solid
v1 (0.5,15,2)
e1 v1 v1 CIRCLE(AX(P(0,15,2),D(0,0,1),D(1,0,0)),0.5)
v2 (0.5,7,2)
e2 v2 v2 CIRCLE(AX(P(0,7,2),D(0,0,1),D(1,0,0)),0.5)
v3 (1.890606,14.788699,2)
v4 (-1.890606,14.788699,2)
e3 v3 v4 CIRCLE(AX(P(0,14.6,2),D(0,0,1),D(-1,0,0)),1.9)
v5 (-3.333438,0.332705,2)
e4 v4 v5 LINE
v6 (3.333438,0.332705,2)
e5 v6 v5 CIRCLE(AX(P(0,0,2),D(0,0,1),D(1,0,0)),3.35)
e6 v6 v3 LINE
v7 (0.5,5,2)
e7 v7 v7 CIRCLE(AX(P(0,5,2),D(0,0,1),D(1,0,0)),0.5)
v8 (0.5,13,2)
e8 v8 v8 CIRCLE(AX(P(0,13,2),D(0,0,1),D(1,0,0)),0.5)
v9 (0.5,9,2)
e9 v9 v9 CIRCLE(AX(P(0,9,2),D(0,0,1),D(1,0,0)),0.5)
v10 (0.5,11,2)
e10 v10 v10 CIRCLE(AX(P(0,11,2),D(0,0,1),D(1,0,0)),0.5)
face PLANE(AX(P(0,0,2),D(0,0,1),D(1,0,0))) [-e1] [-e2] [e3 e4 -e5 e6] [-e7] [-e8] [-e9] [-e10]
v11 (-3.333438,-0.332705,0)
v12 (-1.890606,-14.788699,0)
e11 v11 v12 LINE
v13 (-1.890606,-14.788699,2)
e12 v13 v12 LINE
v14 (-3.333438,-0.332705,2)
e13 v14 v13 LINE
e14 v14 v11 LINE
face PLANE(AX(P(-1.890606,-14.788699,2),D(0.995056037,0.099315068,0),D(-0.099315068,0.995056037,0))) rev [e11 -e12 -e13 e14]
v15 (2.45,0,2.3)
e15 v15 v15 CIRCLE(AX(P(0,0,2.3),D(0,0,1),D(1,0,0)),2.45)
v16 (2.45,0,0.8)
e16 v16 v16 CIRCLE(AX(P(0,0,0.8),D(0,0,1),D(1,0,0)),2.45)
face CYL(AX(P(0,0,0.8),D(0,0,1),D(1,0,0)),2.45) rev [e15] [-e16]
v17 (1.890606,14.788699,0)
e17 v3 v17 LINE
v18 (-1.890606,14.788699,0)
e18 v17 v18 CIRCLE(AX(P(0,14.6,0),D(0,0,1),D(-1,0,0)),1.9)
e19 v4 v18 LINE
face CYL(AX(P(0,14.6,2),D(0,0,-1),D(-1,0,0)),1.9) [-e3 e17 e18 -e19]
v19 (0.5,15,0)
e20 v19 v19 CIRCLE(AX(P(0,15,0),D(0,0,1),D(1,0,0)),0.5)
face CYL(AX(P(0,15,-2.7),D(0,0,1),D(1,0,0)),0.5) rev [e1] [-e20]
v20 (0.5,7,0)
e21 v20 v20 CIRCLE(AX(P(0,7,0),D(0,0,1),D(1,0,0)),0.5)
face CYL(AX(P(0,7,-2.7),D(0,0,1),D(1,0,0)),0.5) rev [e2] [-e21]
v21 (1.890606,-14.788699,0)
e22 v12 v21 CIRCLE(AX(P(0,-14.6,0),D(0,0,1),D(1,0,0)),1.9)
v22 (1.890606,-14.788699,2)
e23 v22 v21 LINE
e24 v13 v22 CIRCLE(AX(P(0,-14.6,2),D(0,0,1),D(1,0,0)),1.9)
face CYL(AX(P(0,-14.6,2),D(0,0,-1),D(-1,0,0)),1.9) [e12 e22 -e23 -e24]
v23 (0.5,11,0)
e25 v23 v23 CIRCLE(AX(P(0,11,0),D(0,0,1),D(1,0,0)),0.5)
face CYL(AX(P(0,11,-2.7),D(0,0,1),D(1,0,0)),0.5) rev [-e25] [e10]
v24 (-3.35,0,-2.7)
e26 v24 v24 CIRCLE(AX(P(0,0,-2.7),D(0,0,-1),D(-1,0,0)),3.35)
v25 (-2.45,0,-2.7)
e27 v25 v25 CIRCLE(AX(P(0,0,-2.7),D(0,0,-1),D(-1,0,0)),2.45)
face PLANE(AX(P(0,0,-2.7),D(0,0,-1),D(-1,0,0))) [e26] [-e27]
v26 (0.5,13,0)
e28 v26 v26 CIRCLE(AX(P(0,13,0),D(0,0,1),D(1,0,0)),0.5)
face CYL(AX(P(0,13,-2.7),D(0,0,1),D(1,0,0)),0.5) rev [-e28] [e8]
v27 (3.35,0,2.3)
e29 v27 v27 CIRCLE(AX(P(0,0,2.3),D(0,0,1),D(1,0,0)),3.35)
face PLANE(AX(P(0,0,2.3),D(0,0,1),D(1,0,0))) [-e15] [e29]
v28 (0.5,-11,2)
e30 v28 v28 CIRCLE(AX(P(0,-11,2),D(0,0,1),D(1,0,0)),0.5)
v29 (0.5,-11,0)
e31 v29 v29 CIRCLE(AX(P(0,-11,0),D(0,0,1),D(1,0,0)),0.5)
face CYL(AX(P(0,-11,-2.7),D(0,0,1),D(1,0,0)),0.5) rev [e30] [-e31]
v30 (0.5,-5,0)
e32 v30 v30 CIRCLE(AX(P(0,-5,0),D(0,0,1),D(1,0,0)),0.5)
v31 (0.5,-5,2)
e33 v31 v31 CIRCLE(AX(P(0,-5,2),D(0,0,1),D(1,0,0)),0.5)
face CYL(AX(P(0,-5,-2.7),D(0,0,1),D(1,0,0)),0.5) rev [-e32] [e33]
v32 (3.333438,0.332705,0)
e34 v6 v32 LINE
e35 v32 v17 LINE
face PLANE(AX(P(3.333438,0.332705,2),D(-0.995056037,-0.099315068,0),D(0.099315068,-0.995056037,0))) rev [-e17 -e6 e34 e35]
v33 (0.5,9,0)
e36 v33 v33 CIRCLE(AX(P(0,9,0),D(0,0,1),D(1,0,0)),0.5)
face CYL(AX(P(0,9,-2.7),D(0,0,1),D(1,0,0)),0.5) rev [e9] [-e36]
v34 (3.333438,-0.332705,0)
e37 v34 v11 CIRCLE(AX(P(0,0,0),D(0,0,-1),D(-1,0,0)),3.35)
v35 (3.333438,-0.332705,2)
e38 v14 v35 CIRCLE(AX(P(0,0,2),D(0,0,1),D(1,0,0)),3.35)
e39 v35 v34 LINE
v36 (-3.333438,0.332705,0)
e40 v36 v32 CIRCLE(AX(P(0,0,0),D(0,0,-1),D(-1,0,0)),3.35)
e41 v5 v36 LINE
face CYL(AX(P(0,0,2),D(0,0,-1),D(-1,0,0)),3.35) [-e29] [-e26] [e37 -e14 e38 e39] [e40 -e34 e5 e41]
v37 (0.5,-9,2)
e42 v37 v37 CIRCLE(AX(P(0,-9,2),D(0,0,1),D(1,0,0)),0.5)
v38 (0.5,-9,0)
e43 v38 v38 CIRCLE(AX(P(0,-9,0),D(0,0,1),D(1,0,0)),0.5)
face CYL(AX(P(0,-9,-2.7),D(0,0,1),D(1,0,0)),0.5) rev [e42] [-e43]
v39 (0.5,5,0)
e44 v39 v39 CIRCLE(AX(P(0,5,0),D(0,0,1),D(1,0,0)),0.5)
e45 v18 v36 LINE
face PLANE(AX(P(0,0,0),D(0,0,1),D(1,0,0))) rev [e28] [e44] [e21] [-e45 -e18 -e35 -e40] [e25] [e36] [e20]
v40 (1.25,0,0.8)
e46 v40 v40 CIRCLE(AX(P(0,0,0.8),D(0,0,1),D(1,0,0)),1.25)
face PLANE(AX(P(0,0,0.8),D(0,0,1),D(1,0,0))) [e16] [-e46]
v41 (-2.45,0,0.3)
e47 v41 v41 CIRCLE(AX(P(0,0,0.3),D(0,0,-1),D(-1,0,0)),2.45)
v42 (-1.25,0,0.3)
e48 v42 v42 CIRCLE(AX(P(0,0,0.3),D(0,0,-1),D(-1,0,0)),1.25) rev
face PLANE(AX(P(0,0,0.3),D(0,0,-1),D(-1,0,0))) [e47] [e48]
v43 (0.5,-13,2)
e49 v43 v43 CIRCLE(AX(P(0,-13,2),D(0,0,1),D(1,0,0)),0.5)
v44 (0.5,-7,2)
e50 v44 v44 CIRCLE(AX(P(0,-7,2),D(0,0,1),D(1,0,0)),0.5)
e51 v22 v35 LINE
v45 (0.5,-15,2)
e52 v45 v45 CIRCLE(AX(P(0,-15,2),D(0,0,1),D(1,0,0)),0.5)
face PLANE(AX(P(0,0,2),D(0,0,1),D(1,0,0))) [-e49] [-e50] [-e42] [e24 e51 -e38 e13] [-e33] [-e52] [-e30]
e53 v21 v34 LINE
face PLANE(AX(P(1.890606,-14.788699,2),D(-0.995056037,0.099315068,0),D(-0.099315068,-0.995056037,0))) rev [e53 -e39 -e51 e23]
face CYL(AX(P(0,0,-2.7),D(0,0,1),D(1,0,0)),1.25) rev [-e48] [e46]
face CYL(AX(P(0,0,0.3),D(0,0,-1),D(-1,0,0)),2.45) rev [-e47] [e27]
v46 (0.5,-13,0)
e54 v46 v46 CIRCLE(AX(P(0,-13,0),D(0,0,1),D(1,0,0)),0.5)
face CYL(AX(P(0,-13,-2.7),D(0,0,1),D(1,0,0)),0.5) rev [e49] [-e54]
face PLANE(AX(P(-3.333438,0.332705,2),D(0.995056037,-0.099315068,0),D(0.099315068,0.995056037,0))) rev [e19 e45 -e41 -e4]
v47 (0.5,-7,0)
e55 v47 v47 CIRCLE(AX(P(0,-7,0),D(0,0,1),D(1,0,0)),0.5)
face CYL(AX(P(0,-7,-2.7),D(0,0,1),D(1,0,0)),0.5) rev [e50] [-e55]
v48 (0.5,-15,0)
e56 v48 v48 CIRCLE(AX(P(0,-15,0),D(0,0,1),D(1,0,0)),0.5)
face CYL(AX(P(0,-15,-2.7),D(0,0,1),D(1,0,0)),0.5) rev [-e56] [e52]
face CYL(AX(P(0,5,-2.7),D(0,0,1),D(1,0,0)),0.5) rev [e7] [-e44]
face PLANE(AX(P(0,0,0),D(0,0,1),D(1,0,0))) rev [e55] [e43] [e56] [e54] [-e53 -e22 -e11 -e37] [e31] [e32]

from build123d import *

# Parameters (mm, degrees)
EXTRUDE_1_DEPTH     = 2
SKETCH_2_R          = 3.35
EXTRUDE_2_DEPTH     = 0.3
SKETCH_3_R          = 3.35
EXTRUDE_3_DEPTH     = 2.7
SKETCH_4_R          = 2.45
CUT_EXTRUDE_1_DEPTH = 1.5
SKETCH_5_R          = 1.25
CUT_EXTRUDE_2_DEPTH = 4.5
SKETCH_6_R          = 2.45
CUT_EXTRUDE_3_DEPTH = 3
SKETCH_7_R          = 0.5
CUT_EXTRUDE_4_DEPTH = 5.7


with BuildPart() as part:
    # Эскиз1 → Бобышка-Вытянуть1 (new body)
    with BuildSketch(Plane.XY):
        with BuildLine():
            Line((-3.333438, 0.332705), (-1.890606, 14.788699))
            ThreePointArc((-1.890606, 14.788699), (0, 16.5), (1.890606, 14.788699))
            Line((1.890606, 14.788699), (3.333438, 0.332705))
            ThreePointArc((3.333438, 0.332705), (3.35, 0), (3.333438, -0.332705))
            Line((3.333438, -0.332705), (1.890606, -14.788699))
            ThreePointArc((1.890606, -14.788699), (0, -16.5), (-1.890606, -14.788699))
            Line((-1.890606, -14.788699), (-3.333438, -0.332705))
            ThreePointArc((-3.333438, -0.332705), (-3.35, 0), (-3.333438, 0.332705))
        make_face()
    extrude(amount=EXTRUDE_1_DEPTH)

    # Эскиз2 → Бобышка-Вытянуть2 (add)
    with BuildSketch(Plane.XY.offset(2)):
        Circle(SKETCH_2_R)
    extrude(amount=EXTRUDE_2_DEPTH)

    # Эскиз3 → Бобышка-Вытянуть3 (add)
    with BuildSketch(Plane(origin=(0, 0, 0), x_dir=(-1, 0, 0), z_dir=(0, 0, -1))):
        Circle(SKETCH_3_R)
    extrude(amount=EXTRUDE_3_DEPTH)

    # Эскиз4 → Вырез-Вытянуть1 (cut)
    with BuildSketch(Plane.XY.offset(2.3)):
        Circle(SKETCH_4_R)
    extrude(amount=-CUT_EXTRUDE_1_DEPTH, mode=Mode.SUBTRACT)

    # Эскиз5 → Вырез-Вытянуть2 (cut, through all)
    with BuildSketch(Plane.XY.offset(0.8)):
        Circle(SKETCH_5_R)
    extrude(amount=-CUT_EXTRUDE_2_DEPTH, mode=Mode.SUBTRACT)

    # Эскиз6 → Вырез-Вытянуть3 (cut)
    with BuildSketch(Plane(origin=(0, 0, -2.7), x_dir=(-1, 0, 0), z_dir=(0, 0, -1))):
        Circle(SKETCH_6_R)
    extrude(amount=-CUT_EXTRUDE_3_DEPTH, mode=Mode.SUBTRACT)

    # Эскиз7 → Вырез-Вытянуть4 (cut, through all)
    with BuildSketch(Plane.XY.offset(2)):
        with Locations((0, 15)):
            Circle(SKETCH_7_R)
        with Locations((0, -15)):
            Circle(SKETCH_7_R)
        with Locations((0, -5)):
            Circle(SKETCH_7_R)
        with Locations((0, 5)):
            Circle(SKETCH_7_R)
        with Locations((0, -7)):
            Circle(SKETCH_7_R)
        with Locations((0, 7)):
            Circle(SKETCH_7_R)
        with Locations((0, -9)):
            Circle(SKETCH_7_R)
        with Locations((0, -11)):
            Circle(SKETCH_7_R)
        with Locations((0, 9)):
            Circle(SKETCH_7_R)
        with Locations((0, 11)):
            Circle(SKETCH_7_R)
        with Locations((0, 13)):
            Circle(SKETCH_7_R)
        with Locations((0, -13)):
            Circle(SKETCH_7_R)
    extrude(amount=-CUT_EXTRUDE_4_DEPTH, mode=Mode.SUBTRACT)


solid = part.part
